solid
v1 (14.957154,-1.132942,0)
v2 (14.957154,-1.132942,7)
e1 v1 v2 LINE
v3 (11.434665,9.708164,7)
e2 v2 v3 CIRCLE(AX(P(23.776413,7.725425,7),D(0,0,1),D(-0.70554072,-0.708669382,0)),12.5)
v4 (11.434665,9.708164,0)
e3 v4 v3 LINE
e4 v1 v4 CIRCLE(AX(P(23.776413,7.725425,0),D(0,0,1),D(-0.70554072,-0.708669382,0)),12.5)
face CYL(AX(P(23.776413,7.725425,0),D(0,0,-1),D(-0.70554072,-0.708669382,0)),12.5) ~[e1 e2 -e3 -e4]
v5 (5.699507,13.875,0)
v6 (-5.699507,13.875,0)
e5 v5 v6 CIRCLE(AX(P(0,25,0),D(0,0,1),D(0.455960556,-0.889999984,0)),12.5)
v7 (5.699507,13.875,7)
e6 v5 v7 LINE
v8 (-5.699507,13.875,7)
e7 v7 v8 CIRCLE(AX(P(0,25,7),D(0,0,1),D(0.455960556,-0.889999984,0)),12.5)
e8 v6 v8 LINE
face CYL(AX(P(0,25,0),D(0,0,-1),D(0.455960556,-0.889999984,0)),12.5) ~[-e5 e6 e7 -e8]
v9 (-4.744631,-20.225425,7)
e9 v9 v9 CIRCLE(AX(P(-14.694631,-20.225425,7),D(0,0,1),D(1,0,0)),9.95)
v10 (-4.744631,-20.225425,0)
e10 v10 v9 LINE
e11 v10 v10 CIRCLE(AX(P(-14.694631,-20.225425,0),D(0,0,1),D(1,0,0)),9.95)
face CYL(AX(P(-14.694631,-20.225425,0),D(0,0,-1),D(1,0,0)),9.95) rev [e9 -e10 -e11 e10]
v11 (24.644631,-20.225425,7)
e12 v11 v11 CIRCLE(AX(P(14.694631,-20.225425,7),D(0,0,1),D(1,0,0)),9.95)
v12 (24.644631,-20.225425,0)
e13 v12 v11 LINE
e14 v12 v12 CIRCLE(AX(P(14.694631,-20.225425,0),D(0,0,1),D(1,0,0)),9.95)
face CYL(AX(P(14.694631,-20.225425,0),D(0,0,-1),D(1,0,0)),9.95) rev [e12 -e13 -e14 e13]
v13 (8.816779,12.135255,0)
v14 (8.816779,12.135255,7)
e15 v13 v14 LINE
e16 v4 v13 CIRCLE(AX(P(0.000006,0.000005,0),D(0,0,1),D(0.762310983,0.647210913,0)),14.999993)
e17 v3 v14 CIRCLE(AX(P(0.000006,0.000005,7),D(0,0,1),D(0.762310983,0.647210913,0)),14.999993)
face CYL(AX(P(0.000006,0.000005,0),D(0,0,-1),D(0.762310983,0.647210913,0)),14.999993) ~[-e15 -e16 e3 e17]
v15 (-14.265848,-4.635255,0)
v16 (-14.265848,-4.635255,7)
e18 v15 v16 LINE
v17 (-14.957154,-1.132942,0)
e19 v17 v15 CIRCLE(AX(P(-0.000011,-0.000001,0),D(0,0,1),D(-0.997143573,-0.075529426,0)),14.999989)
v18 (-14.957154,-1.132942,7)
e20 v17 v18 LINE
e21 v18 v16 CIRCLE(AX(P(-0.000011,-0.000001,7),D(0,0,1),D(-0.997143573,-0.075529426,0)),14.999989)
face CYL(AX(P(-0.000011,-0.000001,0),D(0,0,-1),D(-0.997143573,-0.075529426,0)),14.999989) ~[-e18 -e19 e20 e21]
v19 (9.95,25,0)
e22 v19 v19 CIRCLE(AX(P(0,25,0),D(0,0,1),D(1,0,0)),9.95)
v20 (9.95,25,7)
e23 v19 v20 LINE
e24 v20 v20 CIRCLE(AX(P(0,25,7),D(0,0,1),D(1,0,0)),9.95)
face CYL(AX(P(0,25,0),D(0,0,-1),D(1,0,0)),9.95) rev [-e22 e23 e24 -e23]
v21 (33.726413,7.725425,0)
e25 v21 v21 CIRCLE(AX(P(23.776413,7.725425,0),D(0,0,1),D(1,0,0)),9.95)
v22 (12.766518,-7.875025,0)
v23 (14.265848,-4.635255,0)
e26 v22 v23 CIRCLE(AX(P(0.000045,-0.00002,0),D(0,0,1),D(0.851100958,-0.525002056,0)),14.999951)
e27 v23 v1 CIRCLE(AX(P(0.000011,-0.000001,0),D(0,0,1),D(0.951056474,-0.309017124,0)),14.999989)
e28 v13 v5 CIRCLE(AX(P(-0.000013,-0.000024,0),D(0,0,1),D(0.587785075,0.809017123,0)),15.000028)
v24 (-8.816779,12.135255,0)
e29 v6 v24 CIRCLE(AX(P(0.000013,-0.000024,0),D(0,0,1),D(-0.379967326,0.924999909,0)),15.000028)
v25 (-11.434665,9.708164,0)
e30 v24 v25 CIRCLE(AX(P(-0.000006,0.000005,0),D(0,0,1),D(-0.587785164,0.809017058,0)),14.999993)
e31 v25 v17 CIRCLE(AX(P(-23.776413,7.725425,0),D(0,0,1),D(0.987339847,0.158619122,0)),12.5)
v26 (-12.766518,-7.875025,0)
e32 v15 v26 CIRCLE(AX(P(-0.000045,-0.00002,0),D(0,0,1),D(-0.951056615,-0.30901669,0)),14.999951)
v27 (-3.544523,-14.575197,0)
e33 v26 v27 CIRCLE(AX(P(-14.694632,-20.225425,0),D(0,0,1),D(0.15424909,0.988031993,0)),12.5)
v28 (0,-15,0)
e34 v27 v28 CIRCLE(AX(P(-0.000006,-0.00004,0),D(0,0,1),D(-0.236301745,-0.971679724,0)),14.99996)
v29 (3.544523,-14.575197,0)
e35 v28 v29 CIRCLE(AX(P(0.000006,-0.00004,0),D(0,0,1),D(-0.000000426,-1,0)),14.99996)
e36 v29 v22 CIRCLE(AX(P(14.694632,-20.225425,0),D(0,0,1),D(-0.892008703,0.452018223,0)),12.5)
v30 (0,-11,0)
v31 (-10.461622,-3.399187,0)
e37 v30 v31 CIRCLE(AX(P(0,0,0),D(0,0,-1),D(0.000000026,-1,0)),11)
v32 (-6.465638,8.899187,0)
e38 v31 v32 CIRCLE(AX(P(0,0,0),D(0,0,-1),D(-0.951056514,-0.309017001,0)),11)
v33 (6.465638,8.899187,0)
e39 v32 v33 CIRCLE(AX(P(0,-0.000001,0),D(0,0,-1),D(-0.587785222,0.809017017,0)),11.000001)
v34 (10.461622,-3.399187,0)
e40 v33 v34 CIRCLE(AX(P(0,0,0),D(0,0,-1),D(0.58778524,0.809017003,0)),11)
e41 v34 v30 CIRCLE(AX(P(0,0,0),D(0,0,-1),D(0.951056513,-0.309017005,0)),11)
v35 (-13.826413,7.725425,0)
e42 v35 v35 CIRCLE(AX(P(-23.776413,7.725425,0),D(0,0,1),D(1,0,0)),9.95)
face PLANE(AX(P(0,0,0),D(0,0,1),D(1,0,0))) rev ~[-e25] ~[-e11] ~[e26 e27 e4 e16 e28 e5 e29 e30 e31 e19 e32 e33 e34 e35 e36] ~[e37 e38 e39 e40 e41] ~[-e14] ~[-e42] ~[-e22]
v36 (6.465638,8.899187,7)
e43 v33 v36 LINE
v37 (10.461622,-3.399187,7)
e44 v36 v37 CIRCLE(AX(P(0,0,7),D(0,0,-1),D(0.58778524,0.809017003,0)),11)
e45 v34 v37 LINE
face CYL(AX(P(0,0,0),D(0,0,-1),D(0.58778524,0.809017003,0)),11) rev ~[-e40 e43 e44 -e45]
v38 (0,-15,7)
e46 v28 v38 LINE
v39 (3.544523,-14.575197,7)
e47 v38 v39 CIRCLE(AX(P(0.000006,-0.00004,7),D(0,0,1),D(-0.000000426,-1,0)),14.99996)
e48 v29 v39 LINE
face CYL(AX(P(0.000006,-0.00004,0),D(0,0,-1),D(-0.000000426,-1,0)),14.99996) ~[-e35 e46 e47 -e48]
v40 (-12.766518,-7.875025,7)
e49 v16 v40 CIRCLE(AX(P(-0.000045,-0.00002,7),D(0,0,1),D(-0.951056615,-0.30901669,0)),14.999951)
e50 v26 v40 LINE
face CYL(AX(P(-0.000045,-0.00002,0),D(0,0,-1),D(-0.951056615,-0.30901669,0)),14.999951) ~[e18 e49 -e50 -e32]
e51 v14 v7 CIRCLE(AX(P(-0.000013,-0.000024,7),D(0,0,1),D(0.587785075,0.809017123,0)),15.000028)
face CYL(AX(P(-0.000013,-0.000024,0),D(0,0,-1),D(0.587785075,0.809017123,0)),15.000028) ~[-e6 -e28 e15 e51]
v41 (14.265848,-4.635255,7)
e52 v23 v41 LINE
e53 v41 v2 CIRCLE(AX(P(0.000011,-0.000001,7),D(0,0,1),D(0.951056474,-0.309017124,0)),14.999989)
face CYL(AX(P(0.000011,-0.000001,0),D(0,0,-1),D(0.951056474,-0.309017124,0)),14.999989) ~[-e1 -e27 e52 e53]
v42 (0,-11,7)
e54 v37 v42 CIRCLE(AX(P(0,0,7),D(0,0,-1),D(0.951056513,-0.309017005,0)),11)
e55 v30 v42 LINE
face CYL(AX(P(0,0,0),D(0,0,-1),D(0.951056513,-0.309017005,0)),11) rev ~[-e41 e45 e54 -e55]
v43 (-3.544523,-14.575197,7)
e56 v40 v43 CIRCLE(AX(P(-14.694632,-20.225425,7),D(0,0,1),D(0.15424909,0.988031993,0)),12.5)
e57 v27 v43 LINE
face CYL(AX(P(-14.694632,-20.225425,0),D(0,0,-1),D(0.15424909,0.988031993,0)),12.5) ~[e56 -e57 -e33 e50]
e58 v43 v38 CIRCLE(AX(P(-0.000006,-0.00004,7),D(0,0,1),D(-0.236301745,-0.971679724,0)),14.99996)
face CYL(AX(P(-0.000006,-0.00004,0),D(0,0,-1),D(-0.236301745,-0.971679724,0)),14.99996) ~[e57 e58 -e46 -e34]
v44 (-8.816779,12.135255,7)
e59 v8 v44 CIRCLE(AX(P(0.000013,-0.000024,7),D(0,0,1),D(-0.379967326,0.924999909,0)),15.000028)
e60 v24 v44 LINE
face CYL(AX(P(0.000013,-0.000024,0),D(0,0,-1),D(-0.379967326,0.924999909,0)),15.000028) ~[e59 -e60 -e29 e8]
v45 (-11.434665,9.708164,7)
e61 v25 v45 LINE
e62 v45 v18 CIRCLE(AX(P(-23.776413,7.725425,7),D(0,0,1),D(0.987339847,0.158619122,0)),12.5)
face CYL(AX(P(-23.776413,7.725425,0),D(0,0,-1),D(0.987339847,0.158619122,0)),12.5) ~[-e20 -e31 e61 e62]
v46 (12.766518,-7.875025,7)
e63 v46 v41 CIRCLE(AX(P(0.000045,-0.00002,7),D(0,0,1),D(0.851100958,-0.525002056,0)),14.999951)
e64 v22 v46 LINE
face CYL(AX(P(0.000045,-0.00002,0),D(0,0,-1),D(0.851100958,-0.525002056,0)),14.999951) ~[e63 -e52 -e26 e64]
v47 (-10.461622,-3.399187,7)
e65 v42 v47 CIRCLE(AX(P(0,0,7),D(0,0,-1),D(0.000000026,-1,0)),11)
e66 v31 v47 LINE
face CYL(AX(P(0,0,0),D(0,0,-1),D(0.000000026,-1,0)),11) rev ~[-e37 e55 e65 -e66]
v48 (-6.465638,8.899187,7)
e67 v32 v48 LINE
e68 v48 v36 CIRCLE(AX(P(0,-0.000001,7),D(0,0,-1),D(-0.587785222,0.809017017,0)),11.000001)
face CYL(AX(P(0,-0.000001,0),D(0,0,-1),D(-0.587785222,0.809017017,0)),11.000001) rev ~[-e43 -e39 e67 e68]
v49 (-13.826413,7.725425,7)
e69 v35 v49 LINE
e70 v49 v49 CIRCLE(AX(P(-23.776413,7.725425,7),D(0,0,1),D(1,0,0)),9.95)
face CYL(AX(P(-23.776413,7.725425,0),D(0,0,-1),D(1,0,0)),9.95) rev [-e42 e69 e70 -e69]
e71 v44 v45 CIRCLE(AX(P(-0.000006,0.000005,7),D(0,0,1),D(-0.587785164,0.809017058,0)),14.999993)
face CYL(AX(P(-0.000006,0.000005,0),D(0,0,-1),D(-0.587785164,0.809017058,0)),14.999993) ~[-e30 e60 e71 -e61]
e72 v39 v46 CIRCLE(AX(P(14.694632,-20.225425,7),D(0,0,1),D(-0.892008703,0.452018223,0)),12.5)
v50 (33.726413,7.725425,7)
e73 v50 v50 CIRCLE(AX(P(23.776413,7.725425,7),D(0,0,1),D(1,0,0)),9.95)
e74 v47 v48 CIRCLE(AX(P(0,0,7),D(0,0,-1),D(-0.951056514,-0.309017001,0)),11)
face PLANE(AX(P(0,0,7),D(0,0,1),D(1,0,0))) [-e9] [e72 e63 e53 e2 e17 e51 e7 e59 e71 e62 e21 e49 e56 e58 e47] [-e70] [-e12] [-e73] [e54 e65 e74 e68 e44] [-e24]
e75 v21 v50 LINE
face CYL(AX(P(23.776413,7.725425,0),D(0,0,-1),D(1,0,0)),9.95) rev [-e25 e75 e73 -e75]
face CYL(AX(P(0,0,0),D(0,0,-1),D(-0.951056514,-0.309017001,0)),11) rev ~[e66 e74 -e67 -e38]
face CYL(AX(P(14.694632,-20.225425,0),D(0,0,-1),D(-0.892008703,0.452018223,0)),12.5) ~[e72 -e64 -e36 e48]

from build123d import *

# Parameters (mm, degrees)
F0_R     = 9.95
F1_DEPTH = 7


with BuildPart() as f1:
    # F0 (on Top) → F1 (new body)
    with BuildSketch(Plane.XY):
        with BuildLine():
            ThreePointArc((11.434665, 9.708164), (10.198183, 10.999867), (8.816779, 12.135255))
            ThreePointArc((8.816779, 12.135255), (7.310083, 13.098194), (5.699507, 13.875))
            ThreePointArc((5.699507, 13.875), (0, 37.5), (-5.699507, 13.875))
            ThreePointArc((-5.699507, 13.875), (-7.310083, 13.098194), (-8.816779, 12.135255))
            ThreePointArc((-8.816779, 12.135255), (-10.198183, 10.999867), (-11.434665, 9.708164))
            ThreePointArc((-11.434665, 9.708164), (-35.664619, 11.588137), (-14.957154, -1.132942))
            ThreePointArc((-14.957154, -1.132942), (-14.716063, -2.904738), (-14.265848, -4.635255))
            ThreePointArc((-14.265848, -4.635255), (-13.612907, -6.299903), (-12.766518, -7.875025))
            ThreePointArc((-12.766518, -7.875025), (-22.041947, -30.338137), (-3.544523, -14.575197))
            ThreePointArc((-3.544523, -14.575197), (-1.784944, -14.893421), (0, -15))
            ThreePointArc((0, -15), (1.784944, -14.893421), (3.544523, -14.575197))
            ThreePointArc((3.544523, -14.575197), (22.041947, -30.338137), (12.766518, -7.875025))
            ThreePointArc((12.766518, -7.875025), (13.612907, -6.299903), (14.265848, -4.635255))
            ThreePointArc((14.265848, -4.635255), (14.716063, -2.904738), (14.957154, -1.132942))
            ThreePointArc((14.957154, -1.132942), (35.664619, 11.588137), (11.434665, 9.708164))
        make_face()
        with Locations((-14.694631, -20.225425)):
            Circle(F0_R, mode=Mode.SUBTRACT)
        with Locations((14.694631, -20.225425)):
            Circle(F0_R, mode=Mode.SUBTRACT)
        with BuildLine():
            ThreePointArc((-6.465638, 8.899187), (0, 11), (6.465638, 8.899187))
            ThreePointArc((6.465638, 8.899187), (10.461622, 3.399187), (10.461622, -3.399187))
            ThreePointArc((10.461622, -3.399187), (6.465638, -8.899187), (0, -11))
            ThreePointArc((0, -11), (-6.465638, -8.899187), (-10.461622, -3.399187))
            ThreePointArc((-10.461622, -3.399187), (-10.461622, 3.399187), (-6.465638, 8.899187))
        make_face(mode=Mode.SUBTRACT)
        with Locations((-23.776413, 7.725425)):
            Circle(F0_R, mode=Mode.SUBTRACT)
        with Locations((23.776413, 7.725425)):
            Circle(F0_R, mode=Mode.SUBTRACT)
        with Locations((0, 25)):
            Circle(F0_R, mode=Mode.SUBTRACT)
    extrude(amount=F1_DEPTH)


solid = f1.part
